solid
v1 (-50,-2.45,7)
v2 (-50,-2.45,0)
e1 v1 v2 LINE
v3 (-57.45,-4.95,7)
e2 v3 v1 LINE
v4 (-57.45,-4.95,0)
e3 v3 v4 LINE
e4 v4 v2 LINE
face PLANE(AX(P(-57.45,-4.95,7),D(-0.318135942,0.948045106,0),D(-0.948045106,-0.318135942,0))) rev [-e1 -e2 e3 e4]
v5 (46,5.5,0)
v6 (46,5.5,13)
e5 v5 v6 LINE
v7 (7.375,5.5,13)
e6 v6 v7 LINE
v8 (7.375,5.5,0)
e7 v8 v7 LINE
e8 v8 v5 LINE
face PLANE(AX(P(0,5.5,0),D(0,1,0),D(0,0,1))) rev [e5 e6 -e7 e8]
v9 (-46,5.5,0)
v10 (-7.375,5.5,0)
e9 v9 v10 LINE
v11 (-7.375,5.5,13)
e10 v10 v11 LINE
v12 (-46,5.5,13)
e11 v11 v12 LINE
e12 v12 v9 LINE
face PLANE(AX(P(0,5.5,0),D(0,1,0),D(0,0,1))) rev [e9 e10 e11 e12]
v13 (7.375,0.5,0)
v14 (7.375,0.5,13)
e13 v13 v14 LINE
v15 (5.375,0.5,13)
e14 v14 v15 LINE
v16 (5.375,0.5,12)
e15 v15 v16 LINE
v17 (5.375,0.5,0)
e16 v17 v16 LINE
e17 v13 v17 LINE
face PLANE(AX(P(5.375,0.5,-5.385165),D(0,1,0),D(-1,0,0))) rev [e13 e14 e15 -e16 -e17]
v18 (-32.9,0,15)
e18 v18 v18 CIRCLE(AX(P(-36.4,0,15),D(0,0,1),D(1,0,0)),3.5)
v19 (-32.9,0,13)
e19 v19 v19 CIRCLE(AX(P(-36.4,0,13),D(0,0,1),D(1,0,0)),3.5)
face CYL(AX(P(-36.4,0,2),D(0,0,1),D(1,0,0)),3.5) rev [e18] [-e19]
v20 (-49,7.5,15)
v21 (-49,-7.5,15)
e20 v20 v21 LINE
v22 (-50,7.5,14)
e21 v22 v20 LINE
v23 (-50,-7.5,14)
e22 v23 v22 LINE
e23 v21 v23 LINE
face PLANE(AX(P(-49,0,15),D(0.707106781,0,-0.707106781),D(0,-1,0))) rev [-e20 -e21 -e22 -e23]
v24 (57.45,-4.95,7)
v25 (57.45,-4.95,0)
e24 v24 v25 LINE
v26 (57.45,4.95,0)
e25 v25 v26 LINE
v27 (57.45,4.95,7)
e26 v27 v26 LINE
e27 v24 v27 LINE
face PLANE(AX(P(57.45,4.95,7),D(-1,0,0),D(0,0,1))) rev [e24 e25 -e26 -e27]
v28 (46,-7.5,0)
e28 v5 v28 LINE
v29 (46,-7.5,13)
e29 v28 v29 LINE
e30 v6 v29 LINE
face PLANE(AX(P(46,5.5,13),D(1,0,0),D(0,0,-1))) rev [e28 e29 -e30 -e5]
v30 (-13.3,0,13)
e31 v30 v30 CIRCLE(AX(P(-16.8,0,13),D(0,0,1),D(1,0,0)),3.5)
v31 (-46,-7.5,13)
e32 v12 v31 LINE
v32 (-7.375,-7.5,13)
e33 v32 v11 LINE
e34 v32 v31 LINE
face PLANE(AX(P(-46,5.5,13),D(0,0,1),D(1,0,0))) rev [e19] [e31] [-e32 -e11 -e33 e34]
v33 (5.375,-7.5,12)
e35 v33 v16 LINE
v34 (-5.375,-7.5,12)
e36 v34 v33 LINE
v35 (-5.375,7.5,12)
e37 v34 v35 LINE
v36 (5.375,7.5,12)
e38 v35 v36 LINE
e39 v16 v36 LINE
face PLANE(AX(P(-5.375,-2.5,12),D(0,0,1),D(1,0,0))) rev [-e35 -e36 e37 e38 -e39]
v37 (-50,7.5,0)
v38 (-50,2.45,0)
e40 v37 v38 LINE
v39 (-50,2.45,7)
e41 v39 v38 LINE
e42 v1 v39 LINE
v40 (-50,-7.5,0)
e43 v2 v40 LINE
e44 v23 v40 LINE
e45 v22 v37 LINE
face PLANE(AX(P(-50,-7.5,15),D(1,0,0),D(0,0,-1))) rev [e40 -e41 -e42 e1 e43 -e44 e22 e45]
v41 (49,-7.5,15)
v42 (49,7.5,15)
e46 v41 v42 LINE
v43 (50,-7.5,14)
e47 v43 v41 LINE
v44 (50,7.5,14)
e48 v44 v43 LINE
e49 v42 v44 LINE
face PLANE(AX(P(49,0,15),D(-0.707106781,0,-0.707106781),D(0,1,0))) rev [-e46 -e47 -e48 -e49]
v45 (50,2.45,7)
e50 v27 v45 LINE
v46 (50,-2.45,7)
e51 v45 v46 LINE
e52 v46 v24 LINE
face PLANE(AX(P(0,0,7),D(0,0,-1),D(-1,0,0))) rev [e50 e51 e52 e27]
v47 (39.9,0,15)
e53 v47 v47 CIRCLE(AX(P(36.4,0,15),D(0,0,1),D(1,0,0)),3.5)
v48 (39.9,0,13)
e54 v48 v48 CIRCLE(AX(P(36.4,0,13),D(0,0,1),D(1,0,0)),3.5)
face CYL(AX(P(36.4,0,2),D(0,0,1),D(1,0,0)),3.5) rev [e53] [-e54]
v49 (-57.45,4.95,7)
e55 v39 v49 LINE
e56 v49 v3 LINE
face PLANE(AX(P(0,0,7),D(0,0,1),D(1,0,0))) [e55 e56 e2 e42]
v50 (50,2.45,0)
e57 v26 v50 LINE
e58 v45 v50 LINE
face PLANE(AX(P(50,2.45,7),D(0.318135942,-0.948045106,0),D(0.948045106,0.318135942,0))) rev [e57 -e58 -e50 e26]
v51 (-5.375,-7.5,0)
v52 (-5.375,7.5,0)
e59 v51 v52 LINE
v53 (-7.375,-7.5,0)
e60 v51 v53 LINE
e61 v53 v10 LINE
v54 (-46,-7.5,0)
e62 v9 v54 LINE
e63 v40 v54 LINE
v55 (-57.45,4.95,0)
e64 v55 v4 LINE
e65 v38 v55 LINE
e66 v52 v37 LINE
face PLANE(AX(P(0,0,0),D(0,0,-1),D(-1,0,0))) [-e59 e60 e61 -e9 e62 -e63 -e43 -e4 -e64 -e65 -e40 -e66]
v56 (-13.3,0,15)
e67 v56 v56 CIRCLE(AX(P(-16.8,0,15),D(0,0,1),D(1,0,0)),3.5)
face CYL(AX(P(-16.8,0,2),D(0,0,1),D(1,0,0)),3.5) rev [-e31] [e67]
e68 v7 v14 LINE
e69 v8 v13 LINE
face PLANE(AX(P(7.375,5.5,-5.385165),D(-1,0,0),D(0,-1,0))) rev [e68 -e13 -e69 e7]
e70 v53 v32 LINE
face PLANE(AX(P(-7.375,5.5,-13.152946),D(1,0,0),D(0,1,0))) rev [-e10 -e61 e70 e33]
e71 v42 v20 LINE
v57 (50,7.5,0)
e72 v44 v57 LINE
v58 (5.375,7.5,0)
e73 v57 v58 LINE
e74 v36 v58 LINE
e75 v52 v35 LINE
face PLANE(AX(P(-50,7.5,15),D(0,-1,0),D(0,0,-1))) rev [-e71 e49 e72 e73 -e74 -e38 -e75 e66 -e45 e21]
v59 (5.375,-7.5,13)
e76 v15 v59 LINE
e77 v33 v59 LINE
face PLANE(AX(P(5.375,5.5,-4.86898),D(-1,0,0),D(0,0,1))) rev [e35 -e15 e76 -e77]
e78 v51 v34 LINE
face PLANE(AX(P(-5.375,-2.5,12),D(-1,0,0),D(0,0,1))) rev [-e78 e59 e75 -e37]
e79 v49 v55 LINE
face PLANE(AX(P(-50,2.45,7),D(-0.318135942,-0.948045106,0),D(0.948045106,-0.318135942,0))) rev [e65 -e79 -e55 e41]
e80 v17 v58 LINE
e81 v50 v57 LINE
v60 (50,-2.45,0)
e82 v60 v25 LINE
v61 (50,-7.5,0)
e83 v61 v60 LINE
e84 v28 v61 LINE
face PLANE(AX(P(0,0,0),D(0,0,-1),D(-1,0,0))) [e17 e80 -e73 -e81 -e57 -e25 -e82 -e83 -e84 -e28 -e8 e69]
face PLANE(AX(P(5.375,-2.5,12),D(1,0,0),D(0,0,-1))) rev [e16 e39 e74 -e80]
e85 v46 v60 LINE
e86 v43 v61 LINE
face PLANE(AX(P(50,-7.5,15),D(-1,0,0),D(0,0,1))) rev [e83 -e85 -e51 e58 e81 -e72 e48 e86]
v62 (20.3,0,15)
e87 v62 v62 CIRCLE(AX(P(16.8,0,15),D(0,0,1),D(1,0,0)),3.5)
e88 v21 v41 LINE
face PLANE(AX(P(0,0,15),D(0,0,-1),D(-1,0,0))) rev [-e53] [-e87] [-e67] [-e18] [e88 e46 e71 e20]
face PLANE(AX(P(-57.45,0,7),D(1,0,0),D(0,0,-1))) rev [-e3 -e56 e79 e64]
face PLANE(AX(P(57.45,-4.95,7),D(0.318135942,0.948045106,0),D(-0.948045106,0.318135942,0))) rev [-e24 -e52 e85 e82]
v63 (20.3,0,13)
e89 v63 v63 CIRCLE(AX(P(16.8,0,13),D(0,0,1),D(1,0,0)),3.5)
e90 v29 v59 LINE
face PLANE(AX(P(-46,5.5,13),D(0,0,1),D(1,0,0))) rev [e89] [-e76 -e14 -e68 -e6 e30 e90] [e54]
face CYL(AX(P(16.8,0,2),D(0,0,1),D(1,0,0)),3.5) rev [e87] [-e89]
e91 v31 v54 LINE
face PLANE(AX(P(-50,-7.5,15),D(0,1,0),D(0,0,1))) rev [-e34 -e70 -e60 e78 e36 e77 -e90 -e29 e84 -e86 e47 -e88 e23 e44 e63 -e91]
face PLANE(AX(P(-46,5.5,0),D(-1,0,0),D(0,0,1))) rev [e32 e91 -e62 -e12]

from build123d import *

# Parameters (mm, degrees)
SKETCH1_W           = 100
SKETCH1_H           = 15
BODY_DEPTH          = 15
CLICK_DEPTH         = 7
CLICK_CHAMFER_SIZE  = 1
SKETCH3_W           = 92
SKETCH3_H           = 13
CUT_EXTRUDE1_DEPTH  = 13
SKETCH4_R           = 3.5
CUT_EXTRUDE2_DEPTH  = 13
SKETCH5_W           = 10.75
SKETCH5_H           = 12
CUT_EXTRUDE3_DEPTH  = 10
SKETCH6_W           = 10.75
SKETCH6_H           = 13
BOSS_EXTRUDE1_DEPTH = 1
SKETCH7_W           = 2
SKETCH7_H           = 13
BOSS_EXTRUDE2_DEPTH = 13
SKETCH8_W           = 2
SKETCH8_H           = 5
BOSS_EXTRUDE3_DEPTH = 13


with BuildPart() as part:
    # Sketch1 → Body (new body)
    with BuildSketch(Plane.XY):
        Rectangle(SKETCH1_W, SKETCH1_H)
    extrude(amount=BODY_DEPTH)

    # Sketch2 → Click (add)
    with BuildSketch(Plane.XY):
        Polygon((-50, 0), (-50, 2.45), (-57.45, 4.95), (-57.45, 0), (-57.45, -4.95), (-50, -2.45), align=None)
        Polygon((57.45, 0), (57.45, -4.95), (50, -2.45), (50, 0), (50, 2.45), (57.45, 4.95), align=None)
    extrude(amount=CLICK_DEPTH)

    # Click Chamfer
    click_chamfer_edges = [part.edges().sort_by_distance(p)[0] for p in [
        (-50, 0, 15),
        (50, 0, 15),
    ]]
    chamfer(click_chamfer_edges, length=CLICK_CHAMFER_SIZE)

    # Sketch3 → Cut-Extrude1 (cut)
    with BuildSketch(Plane.XZ.offset(7.5)):
        with Locations((0, 6.5)):
            Rectangle(SKETCH3_W, SKETCH3_H)
    extrude(amount=-CUT_EXTRUDE1_DEPTH, mode=Mode.SUBTRACT)

    # Sketch4 → Cut-Extrude2 (cut)
    with BuildSketch(Plane.XY.offset(15)):
        with Locations((-16.8, 0)):
            Circle(SKETCH4_R)
        with Locations((-36.4, 0)):
            Circle(SKETCH4_R)
        with Locations((16.8, 0)):
            Circle(SKETCH4_R)
        with Locations((36.4, 0)):
            Circle(SKETCH4_R)
    extrude(amount=-CUT_EXTRUDE2_DEPTH, mode=Mode.SUBTRACT)

    # Sketch5 → Cut-Extrude3 (cut)
    with BuildSketch(Plane(origin=(0, 7.5, 0), x_dir=(1, 0, 0), z_dir=(0, 1, 0))):
        with Locations((0, -6)):
            Rectangle(SKETCH5_W, SKETCH5_H)
    extrude(amount=-CUT_EXTRUDE3_DEPTH, mode=Mode.SUBTRACT)

    # Sketch6 → Boss-Extrude1 (add)
    with BuildSketch(Plane(origin=(0, 0, 13), x_dir=(-1, 0, 0), z_dir=(0, 0, -1))):
        with Locations((0, -1)):
            Rectangle(SKETCH6_W, SKETCH6_H)
    extrude(amount=BOSS_EXTRUDE1_DEPTH)

    # Sketch7 → Boss-Extrude2 (add)
    with BuildSketch(Plane(origin=(0, 0, 13), x_dir=(-1, 0, 0), z_dir=(0, 0, -1))):
        with Locations((6.375, -1)):
            Rectangle(SKETCH7_W, SKETCH7_H)
    extrude(amount=BOSS_EXTRUDE2_DEPTH)

    # Sketch8 → Boss-Extrude3 (add)
    with BuildSketch(Plane(origin=(0, 0, 13), x_dir=(-1, 0, 0), z_dir=(0, 0, -1))):
        with Locations((-6.375, 3)):
            Rectangle(SKETCH8_W, SKETCH8_H)
    extrude(amount=BOSS_EXTRUDE3_DEPTH)


solid = part.part
